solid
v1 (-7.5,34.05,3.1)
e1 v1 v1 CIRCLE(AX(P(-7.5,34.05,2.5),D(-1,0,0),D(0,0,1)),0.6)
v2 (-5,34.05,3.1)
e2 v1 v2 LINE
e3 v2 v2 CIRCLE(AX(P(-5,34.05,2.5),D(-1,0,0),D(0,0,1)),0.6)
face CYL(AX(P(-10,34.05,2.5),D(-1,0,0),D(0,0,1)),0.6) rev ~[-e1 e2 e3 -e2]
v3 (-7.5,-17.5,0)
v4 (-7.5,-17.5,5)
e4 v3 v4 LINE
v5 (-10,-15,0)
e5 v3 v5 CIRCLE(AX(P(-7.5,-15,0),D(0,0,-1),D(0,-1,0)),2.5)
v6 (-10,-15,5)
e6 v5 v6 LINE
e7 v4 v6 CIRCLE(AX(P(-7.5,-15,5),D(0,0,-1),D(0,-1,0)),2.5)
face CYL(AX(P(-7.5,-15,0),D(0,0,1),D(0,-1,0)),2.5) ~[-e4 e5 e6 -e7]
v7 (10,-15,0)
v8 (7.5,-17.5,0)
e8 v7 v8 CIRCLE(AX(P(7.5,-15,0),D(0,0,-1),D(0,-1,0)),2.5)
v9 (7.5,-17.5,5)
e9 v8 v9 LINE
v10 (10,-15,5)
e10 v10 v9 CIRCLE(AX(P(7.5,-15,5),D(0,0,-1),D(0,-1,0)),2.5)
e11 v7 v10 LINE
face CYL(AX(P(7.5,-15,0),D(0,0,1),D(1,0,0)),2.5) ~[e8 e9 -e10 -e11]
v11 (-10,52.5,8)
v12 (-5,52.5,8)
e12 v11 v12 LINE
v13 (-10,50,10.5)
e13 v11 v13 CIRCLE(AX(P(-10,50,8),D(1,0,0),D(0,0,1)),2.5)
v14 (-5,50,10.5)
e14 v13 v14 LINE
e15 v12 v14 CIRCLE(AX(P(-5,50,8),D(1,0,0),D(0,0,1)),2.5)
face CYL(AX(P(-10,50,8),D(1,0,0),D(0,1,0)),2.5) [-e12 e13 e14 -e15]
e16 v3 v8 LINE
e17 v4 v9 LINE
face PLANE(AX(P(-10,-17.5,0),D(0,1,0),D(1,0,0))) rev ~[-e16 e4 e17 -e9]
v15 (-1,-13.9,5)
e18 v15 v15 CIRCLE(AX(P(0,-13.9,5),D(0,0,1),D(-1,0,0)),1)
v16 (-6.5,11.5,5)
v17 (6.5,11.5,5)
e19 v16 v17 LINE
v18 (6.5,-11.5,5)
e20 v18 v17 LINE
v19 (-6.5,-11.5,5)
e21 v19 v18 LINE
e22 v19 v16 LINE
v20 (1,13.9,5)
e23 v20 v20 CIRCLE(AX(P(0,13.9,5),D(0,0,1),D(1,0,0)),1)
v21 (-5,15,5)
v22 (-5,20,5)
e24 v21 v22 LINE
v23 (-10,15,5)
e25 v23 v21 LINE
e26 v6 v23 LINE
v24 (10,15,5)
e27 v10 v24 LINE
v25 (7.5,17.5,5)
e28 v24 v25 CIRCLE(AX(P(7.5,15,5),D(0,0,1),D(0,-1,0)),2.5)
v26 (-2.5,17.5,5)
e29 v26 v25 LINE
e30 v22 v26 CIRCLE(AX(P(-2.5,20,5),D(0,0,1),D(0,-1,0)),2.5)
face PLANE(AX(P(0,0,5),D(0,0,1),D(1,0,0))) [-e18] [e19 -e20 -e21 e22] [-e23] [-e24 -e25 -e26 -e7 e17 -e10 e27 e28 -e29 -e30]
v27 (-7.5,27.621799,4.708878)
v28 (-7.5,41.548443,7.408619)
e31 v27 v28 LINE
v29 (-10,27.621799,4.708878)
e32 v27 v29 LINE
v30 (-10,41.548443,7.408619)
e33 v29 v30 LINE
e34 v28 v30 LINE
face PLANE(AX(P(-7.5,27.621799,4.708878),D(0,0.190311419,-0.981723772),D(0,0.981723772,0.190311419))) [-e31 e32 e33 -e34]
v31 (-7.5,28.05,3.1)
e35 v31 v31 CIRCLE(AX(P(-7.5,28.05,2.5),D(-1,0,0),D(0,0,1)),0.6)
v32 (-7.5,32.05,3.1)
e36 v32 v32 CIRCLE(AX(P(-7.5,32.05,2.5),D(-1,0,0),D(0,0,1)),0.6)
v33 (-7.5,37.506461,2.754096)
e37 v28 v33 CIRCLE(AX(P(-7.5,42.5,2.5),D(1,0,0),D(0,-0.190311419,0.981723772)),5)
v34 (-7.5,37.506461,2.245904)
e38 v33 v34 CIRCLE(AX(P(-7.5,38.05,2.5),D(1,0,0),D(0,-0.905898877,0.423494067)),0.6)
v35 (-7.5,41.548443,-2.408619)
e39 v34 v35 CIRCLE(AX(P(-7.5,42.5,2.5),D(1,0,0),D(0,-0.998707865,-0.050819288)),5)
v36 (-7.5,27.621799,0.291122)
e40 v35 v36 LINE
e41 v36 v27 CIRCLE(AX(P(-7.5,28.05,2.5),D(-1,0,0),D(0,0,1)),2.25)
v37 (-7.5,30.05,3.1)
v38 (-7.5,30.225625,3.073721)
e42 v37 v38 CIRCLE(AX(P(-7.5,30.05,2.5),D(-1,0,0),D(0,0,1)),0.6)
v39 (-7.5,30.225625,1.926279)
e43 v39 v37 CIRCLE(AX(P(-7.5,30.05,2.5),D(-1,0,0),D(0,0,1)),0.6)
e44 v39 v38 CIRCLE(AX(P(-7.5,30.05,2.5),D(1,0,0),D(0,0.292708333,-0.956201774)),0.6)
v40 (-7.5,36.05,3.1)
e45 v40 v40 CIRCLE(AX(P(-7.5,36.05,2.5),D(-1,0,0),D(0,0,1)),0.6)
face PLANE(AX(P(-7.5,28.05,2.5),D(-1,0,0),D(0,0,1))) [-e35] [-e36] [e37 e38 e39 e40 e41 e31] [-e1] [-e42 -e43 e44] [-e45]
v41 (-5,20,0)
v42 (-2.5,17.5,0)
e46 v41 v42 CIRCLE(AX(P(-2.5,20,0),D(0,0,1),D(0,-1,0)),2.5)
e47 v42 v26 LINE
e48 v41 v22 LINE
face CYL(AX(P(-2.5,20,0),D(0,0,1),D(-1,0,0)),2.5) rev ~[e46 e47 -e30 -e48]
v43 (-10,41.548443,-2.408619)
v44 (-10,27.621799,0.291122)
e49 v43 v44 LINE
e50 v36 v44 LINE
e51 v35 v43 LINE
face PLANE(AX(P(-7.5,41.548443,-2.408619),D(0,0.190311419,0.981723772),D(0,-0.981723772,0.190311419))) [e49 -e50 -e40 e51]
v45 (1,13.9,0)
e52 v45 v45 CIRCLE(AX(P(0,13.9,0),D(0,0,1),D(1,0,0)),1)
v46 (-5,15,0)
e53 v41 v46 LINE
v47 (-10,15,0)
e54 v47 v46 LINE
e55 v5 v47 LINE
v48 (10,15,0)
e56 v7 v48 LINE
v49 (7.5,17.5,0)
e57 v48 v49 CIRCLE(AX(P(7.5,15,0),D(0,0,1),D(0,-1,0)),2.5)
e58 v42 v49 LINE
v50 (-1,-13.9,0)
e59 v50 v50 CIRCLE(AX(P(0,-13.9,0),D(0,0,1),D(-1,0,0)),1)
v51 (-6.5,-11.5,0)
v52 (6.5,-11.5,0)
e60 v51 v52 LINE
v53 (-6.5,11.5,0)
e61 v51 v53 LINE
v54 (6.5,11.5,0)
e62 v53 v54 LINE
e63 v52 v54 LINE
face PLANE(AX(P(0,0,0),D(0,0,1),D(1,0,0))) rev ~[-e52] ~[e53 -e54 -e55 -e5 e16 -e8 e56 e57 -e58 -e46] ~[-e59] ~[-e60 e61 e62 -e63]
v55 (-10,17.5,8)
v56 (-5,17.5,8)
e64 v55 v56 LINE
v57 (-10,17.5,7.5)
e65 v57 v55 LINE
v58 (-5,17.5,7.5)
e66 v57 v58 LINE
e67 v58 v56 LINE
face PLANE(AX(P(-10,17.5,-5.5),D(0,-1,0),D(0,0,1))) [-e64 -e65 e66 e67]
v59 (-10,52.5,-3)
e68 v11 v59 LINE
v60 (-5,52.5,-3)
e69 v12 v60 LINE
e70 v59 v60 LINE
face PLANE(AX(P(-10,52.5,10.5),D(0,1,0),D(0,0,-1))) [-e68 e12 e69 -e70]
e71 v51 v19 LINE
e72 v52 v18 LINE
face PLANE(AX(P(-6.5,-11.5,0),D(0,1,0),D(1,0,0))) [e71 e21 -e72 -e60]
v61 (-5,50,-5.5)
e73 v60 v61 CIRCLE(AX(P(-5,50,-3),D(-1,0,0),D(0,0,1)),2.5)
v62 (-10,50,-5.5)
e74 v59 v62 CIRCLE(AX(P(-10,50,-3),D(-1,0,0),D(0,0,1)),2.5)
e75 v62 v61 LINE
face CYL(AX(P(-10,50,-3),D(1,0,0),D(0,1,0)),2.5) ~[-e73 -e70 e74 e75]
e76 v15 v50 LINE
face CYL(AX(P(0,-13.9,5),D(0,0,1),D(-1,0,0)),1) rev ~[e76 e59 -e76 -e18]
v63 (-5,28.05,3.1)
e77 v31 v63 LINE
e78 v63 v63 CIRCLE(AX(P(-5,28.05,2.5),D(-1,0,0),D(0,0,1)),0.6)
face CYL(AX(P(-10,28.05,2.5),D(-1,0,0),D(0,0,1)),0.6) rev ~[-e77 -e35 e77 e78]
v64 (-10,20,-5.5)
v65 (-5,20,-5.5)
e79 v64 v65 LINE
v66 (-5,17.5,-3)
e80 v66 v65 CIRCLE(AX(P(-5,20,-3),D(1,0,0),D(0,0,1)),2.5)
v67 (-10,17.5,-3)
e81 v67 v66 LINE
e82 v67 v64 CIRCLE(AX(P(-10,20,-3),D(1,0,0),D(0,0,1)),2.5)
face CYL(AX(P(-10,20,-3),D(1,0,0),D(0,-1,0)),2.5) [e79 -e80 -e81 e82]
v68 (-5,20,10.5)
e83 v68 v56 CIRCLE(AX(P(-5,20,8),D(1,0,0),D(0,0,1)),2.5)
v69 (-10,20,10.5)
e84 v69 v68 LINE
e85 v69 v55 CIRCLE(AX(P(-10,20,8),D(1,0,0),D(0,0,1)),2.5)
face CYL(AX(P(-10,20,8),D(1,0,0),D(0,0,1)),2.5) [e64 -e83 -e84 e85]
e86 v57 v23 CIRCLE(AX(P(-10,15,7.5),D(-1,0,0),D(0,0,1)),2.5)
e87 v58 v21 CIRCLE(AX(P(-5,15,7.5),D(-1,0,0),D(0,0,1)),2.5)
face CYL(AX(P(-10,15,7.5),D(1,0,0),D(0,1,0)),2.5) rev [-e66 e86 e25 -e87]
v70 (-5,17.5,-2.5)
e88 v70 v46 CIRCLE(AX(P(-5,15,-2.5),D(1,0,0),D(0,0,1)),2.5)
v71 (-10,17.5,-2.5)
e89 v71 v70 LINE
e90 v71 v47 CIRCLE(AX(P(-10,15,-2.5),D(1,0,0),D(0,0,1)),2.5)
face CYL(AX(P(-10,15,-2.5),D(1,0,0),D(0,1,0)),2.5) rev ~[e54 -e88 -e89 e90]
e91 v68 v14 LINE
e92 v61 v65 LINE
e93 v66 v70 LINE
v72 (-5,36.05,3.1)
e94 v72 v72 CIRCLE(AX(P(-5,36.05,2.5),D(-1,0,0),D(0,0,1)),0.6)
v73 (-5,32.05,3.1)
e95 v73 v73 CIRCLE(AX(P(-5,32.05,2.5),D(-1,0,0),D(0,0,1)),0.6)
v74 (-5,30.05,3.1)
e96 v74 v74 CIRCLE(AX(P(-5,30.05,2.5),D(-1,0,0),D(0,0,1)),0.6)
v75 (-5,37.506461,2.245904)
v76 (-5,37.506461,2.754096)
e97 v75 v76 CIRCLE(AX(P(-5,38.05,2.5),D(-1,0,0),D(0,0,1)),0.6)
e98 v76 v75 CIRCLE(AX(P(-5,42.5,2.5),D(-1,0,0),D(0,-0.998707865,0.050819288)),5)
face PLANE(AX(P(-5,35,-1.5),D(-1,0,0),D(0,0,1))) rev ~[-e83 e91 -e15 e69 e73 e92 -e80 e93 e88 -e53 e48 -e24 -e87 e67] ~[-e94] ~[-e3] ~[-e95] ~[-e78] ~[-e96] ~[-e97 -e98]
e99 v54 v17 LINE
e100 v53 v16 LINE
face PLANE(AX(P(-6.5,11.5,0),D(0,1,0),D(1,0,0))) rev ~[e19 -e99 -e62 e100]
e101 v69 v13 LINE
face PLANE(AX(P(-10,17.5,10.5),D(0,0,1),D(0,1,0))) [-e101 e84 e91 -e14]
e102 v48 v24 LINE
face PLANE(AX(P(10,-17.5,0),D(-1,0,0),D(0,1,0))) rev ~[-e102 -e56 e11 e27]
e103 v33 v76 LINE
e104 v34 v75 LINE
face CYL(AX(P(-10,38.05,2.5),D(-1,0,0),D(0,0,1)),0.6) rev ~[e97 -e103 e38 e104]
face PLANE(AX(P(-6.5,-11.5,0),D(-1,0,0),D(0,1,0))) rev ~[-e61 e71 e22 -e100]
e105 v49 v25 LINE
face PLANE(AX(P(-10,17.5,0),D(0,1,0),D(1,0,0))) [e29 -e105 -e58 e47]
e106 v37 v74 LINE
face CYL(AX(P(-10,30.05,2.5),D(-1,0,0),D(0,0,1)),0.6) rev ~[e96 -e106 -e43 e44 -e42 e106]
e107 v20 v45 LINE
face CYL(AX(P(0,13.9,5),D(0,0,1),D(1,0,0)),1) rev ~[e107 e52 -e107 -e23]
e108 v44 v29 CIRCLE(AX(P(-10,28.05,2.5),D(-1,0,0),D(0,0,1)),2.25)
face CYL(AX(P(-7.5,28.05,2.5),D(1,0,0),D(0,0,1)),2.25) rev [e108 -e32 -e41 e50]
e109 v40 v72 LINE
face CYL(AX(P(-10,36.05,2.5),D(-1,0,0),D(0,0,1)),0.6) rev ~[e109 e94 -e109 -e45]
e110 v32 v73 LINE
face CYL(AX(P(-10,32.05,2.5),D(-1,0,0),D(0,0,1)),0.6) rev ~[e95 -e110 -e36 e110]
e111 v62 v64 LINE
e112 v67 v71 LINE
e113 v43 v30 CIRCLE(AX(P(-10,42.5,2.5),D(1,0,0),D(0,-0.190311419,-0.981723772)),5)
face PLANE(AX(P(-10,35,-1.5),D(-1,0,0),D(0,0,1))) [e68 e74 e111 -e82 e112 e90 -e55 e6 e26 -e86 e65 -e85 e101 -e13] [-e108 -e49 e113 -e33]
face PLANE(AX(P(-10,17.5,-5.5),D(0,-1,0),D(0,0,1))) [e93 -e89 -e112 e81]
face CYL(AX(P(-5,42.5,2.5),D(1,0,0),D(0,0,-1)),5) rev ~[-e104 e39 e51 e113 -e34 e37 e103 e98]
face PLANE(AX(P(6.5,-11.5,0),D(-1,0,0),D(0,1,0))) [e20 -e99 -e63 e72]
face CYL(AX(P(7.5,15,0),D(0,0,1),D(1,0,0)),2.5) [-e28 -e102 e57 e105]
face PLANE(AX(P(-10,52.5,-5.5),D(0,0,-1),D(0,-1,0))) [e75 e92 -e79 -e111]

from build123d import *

# Parameters (mm, degrees)
SKETCH1_W           = 20
SKETCH1_H           = 35
SKETCH1_W_2         = 13
SKETCH1_H_2         = 23
BOSS_EXTRUDE1_DEPTH = 5
SKETCH2_R           = 1
CUT_EXTRUDE1_DEPTH  = 5
BOSS_EXTRUDE2_DEPTH = 5
FILLET1_R           = 2.5
SKETCH5_R           = 5
CUT_EXTRUDE2_DEPTH  = 5
SKETCH6_R           = 0.6
CUT_EXTRUDE3_DEPTH  = 5
CUT_EXTRUDE4_START  = -2.5
SKETCH8_R           = 0.6
SKETCH8_R_2         = 2.25
CUT_EXTRUDE4_DEPTH  = 2.5
FILLET2_R           = 2.5


with BuildPart() as part:
    # Sketch1 → Boss-Extrude1 (new body)
    with BuildSketch(Plane.XY):
        Rectangle(SKETCH1_W, SKETCH1_H)
        Rectangle(SKETCH1_W_2, SKETCH1_H_2, mode=Mode.SUBTRACT)
    extrude(amount=BOSS_EXTRUDE1_DEPTH)

    # Sketch2 → Cut-Extrude1 (cut)
    with BuildSketch(Plane.XY.offset(5)):
        with Locations((0, 13.9)):
            Circle(SKETCH2_R)
        with Locations(Location((0, -13.9, 0), (0, 0, 180))):
            Circle(SKETCH2_R)
    extrude(amount=-CUT_EXTRUDE1_DEPTH, mode=Mode.SUBTRACT)

    # Sketch3 → Boss-Extrude2 (add)
    with BuildSketch(Plane.ZY.offset(10)):
        Polygon((-5.5, 52.5), (-5.5, 17.5), (0, 17.5), (2.5, 17.5), (2.5, 52.5), align=None)
        Polygon((2.5, 52.5), (2.5, 17.5), (5, 17.5), (10.5, 17.5), (10.5, 52.5), align=None)
    extrude(amount=-BOSS_EXTRUDE2_DEPTH)

    # Fillet1
    fillet1_edges = [part.edges().sort_by_distance(p)[0] for p in [
        (-7.5, 17.5, 0),
        (-7.5, 17.5, 5),
    ]]
    fillet(fillet1_edges, radius=FILLET1_R)

    # Sketch5 → Cut-Extrude2 (cut)
    with BuildSketch(Plane(origin=(-5, 0, 0), x_dir=(0, 0, -1), z_dir=(1, 0, 0))):
        with Locations((-2.5, 42.5)):
            Circle(SKETCH5_R)
    extrude(amount=-CUT_EXTRUDE2_DEPTH, mode=Mode.SUBTRACT)

    # Sketch6 → Cut-Extrude3 (cut)
    with BuildSketch(Plane.ZY.offset(10)):
        with Locations((2.5, 38.05)):
            Circle(SKETCH6_R)
        with Locations((2.5, 36.05)):
            Circle(SKETCH6_R)
        with Locations((2.5, 34.05)):
            Circle(SKETCH6_R)
        with Locations((2.5, 32.05)):
            Circle(SKETCH6_R)
        with Locations((2.5, 30.05)):
            Circle(SKETCH6_R)
        with Locations((2.5, 28.05)):
            Circle(SKETCH6_R)
    extrude(amount=-CUT_EXTRUDE3_DEPTH, mode=Mode.SUBTRACT)

    # Sketch8 → Cut-Extrude4 (cut)
    # profile 1 of 4: a face of its own
    with BuildSketch(Plane.ZY.offset(10).offset(CUT_EXTRUDE4_START)):
        with BuildLine():
            ThreePointArc((2.245903559, 37.506460674), (-0.77838564, 38.72479304), (-2.408618858, 41.548442907))
            Line((-2.408618858, 41.548442907), (0.291121514, 27.621799308))
            ThreePointArc((0.291121514, 27.621799308), (0.594562485, 29.246581747), (1.926278936, 30.225625))
            ThreePointArc((1.926278936, 30.225625), (2.5, 30.65), (3.073721064, 30.225625))
            ThreePointArc((3.073721064, 30.225625), (4.282326064, 29.423249359), (4.75, 28.05))
            ThreePointArc((4.75, 28.05), (4.739696028, 27.834914661), (4.708878486, 27.621799308))
            Line((4.708878486, 27.621799308), (7.408618858, 41.548442907))
            ThreePointArc((7.408618858, 41.548442907), (5.77838564, 38.72479304), (2.754096441, 37.506460674))
            ThreePointArc((2.754096441, 37.506460674), (2.5, 37.45), (2.245903559, 37.506460674))
        make_face()
        with Locations((2.5, 32.05)):
            Circle(SKETCH8_R, mode=Mode.SUBTRACT)
        with Locations((2.5, 34.05)):
            Circle(SKETCH8_R, mode=Mode.SUBTRACT)
        with Locations((2.5, 36.05)):
            Circle(SKETCH8_R, mode=Mode.SUBTRACT)
    # profile 2 of 4: a face of its own
    with BuildSketch(Plane.ZY.offset(10).offset(CUT_EXTRUDE4_START)):
        with Locations((2.5, 28.05)):
            Circle(SKETCH8_R_2)
        with Locations((2.5, 28.05)):
            Circle(SKETCH8_R, mode=Mode.SUBTRACT)
    # profile 3 of 4: a face of its own
    with BuildSketch(Plane.ZY.offset(10).offset(CUT_EXTRUDE4_START)):
        with Locations((2.5, 30.05)):
            Circle(SKETCH8_R)
    # profile 4 of 4: a face of its own
    with BuildSketch(Plane.ZY.offset(10).offset(CUT_EXTRUDE4_START)):
        with BuildLine():
            ThreePointArc((7.5, 42.5), (2.022032581, 47.477102284), (-2.408618858, 41.548442907))
            ThreePointArc((-2.408618858, 41.548442907), (-0.77838564, 38.72479304), (2.245903559, 37.506460674))
            ThreePointArc((2.245903559, 37.506460674), (2.5, 37.5), (2.754096441, 37.506460674))
            ThreePointArc((2.754096441, 37.506460674), (5.77838564, 38.72479304), (7.408618858, 41.548442907))
            ThreePointArc((7.408618858, 41.548442907), (7.477102284, 42.022032581), (7.5, 42.5))
        make_face()
    extrude(amount=CUT_EXTRUDE4_DEPTH, mode=Mode.SUBTRACT)

    # Fillet2
    fillet2_edges = [part.edges().sort_by_distance(p)[0] for p in [
        (-10, -17.5, 2.5),
        (-5, 17.5, 2.5),
        (10, 17.5, 2.5),
        (10, -17.5, 2.5),
        (-7.5, 17.5, 10.5),
        (-7.5, 52.5, 10.5),
        (-7.5, 52.5, -5.5),
        (-7.5, 17.5, -5.5),
    ]]
    fillet(fillet2_edges, radius=FILLET2_R)


solid = part.part
